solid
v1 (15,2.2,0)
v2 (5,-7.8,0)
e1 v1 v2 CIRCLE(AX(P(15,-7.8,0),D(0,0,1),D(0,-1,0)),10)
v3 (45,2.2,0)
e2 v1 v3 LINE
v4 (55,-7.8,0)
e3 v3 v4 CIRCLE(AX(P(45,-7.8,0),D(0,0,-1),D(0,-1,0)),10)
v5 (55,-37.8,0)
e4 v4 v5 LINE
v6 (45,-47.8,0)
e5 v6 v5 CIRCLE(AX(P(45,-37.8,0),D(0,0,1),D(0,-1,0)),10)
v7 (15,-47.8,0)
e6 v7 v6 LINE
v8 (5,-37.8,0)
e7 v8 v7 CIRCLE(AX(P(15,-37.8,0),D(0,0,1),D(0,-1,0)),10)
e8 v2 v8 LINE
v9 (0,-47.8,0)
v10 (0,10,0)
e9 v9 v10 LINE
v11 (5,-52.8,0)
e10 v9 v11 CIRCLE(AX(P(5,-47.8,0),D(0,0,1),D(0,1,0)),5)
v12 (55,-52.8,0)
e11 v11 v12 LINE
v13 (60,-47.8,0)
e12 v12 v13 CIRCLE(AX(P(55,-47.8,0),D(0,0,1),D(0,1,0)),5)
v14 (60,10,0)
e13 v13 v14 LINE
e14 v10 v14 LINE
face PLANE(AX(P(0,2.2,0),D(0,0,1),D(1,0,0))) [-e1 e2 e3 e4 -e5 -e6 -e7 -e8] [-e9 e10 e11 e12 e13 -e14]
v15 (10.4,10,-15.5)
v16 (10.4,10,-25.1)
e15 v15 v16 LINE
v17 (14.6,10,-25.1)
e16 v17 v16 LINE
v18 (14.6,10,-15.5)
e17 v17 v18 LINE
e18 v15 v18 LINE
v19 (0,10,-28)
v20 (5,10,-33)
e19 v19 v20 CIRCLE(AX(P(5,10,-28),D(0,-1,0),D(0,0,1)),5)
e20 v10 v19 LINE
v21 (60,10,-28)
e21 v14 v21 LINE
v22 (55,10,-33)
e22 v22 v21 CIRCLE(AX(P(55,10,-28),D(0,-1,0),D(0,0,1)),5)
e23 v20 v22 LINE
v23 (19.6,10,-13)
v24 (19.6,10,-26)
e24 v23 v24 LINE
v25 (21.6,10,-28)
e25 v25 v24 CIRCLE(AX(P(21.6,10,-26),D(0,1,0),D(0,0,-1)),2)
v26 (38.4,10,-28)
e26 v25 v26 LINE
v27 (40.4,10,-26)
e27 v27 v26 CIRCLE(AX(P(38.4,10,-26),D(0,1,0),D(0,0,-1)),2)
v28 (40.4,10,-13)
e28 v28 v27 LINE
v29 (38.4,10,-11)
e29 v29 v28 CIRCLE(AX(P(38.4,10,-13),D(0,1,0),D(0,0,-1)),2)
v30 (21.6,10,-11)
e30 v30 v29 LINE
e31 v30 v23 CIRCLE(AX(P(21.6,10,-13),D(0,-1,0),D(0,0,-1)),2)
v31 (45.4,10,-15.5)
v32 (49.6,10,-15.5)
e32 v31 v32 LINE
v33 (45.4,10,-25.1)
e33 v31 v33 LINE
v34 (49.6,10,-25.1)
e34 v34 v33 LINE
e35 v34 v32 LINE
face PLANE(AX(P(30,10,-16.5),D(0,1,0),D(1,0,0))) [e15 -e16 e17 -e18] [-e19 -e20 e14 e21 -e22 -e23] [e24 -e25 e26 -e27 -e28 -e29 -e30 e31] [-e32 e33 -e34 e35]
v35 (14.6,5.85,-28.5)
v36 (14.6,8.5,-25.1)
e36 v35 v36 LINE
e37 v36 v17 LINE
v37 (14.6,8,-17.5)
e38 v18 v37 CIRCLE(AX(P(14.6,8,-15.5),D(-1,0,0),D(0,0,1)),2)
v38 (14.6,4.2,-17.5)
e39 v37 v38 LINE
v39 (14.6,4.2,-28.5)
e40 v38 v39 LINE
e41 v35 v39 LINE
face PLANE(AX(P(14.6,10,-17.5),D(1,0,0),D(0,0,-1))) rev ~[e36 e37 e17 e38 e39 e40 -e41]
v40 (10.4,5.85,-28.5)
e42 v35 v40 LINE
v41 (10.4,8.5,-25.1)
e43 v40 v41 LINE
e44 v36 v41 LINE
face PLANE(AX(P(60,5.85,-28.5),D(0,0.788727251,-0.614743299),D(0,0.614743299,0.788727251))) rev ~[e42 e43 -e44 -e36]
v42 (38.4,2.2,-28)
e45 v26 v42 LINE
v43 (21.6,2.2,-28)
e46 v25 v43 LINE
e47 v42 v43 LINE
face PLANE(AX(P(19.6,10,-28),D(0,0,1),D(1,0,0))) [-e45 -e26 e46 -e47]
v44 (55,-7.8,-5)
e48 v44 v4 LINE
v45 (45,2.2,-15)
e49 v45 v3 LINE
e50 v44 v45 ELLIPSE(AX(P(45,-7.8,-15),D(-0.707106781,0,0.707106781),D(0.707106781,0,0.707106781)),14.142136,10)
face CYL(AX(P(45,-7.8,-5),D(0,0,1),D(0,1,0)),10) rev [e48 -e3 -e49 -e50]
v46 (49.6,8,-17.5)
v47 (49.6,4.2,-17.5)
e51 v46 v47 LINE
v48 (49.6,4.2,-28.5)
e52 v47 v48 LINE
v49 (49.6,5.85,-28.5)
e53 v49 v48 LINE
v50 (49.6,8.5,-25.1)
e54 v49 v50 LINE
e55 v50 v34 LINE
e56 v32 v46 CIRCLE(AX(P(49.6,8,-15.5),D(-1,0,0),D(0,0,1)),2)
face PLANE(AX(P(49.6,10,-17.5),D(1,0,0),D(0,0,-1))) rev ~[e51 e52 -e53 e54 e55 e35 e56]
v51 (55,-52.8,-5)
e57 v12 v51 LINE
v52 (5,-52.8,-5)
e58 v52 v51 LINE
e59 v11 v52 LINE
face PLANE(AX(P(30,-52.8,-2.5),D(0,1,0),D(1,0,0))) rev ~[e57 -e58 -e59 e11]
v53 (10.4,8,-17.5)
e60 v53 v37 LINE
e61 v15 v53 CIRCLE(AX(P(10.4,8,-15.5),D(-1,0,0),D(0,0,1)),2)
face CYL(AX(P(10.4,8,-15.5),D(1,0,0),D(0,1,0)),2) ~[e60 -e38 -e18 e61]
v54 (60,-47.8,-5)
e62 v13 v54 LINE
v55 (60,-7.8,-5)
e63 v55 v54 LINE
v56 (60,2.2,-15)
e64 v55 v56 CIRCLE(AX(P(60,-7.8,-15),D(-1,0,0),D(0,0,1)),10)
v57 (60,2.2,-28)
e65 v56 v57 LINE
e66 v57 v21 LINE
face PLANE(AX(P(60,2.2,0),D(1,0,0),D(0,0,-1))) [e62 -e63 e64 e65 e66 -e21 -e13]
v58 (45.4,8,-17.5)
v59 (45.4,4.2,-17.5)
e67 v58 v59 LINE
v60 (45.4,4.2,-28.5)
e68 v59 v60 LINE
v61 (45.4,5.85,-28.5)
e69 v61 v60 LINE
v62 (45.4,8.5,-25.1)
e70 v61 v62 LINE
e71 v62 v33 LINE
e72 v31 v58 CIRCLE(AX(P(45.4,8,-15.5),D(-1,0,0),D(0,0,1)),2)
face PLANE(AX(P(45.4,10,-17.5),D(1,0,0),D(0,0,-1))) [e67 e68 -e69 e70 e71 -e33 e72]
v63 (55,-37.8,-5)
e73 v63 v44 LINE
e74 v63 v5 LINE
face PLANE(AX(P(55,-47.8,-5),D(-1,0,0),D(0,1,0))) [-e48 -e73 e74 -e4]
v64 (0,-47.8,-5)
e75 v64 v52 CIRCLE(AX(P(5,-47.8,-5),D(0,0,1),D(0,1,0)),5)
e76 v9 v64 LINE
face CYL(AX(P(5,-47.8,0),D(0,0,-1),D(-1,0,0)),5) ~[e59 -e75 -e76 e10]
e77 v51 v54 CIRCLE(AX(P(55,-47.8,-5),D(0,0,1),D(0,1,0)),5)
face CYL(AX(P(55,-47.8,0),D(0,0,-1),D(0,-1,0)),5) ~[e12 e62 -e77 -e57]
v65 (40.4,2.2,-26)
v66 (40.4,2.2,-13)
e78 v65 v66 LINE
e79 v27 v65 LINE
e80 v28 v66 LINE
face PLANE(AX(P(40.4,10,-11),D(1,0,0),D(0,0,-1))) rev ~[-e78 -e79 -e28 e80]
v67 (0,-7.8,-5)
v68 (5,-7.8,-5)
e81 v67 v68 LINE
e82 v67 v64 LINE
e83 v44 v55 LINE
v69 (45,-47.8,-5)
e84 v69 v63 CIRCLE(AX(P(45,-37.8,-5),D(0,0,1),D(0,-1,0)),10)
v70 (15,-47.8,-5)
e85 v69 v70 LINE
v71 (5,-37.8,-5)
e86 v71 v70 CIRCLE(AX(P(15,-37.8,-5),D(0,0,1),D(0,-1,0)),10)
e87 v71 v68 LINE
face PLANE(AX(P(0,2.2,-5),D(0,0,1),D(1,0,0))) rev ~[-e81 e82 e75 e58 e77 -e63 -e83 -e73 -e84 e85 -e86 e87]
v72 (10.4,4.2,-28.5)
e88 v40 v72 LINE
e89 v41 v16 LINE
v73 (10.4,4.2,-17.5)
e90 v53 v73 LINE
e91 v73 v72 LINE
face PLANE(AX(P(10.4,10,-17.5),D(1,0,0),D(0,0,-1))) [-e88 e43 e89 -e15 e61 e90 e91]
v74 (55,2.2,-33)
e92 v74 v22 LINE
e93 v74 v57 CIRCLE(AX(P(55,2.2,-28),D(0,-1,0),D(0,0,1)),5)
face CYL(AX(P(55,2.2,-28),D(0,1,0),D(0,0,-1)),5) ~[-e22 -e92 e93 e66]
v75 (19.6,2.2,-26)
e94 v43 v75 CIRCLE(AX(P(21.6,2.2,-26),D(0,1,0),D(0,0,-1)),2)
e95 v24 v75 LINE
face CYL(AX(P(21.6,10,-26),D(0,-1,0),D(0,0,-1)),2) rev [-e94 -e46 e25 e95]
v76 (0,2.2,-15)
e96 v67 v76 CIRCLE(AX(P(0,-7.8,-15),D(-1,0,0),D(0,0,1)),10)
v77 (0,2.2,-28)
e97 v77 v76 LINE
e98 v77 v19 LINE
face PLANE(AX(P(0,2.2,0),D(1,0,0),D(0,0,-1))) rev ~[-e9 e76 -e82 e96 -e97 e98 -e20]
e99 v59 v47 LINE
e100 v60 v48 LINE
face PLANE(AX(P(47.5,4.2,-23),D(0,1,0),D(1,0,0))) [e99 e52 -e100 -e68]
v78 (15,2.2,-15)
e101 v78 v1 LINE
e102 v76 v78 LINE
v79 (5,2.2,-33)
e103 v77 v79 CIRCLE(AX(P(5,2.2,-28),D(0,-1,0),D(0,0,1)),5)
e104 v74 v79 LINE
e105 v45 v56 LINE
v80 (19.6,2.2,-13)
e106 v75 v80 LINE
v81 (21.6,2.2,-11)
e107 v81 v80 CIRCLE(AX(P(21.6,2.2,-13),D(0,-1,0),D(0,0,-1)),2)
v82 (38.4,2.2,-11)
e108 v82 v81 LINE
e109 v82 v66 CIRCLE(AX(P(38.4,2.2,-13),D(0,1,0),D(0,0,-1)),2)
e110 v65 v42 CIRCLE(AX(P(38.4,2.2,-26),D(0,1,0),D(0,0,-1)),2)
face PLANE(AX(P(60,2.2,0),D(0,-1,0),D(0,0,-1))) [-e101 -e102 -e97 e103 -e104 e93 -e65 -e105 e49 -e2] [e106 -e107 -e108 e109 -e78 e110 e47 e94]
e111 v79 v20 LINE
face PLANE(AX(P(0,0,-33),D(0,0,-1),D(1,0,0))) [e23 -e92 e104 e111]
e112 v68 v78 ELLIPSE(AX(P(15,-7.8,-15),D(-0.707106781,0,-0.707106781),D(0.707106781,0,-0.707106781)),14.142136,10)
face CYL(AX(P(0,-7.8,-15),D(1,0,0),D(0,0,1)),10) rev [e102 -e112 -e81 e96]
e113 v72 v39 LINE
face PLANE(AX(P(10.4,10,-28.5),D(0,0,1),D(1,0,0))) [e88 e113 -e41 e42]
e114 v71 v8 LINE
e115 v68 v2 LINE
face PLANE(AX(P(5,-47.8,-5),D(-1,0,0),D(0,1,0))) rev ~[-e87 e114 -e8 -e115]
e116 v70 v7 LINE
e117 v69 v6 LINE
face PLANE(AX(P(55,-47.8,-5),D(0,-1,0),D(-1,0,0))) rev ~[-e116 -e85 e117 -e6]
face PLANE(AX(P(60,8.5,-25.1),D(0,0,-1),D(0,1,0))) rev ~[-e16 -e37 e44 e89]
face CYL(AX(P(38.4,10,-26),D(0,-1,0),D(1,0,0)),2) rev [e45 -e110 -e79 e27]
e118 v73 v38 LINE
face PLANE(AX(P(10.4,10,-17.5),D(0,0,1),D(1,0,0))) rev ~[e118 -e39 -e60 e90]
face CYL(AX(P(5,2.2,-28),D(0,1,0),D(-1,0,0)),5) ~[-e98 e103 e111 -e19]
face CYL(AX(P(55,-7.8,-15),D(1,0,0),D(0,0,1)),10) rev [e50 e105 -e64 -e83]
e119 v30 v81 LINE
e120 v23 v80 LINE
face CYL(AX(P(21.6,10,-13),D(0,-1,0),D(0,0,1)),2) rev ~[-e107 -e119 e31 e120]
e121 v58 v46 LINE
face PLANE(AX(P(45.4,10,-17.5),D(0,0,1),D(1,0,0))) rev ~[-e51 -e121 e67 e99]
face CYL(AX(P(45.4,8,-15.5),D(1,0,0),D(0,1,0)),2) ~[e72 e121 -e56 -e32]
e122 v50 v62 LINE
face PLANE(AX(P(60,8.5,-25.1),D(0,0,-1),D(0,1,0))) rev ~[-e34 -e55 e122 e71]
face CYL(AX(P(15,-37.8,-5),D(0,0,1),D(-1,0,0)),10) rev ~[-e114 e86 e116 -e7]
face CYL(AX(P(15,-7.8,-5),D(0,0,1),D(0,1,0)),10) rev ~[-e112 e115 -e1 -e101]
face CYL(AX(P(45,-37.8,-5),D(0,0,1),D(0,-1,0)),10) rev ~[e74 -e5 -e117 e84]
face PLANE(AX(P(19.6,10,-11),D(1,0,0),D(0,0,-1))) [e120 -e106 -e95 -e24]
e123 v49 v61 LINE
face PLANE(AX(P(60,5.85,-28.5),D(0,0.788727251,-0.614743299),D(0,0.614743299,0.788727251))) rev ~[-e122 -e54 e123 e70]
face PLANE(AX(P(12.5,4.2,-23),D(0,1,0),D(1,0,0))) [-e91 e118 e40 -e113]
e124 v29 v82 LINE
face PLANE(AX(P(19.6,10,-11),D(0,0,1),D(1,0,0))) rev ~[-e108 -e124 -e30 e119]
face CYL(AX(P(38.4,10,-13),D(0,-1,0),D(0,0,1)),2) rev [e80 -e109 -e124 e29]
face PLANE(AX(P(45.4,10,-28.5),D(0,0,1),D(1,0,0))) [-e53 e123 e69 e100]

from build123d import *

# Parameters (mm, degrees)
SKETCH1_W               = 60
SKETCH1_H               = 33
BOSS_EXTRUDE1_DEPTH     = 10
SKETCH2_W               = 4.2
SKETCH2_H               = 11
CUT_EXTRUDE1_DEPTH      = 5.8
BOSS_EXTRUDE2_START     = -45.4
BOSS_EXTRUDE2_DEPTH     = 55.8
SKETCH4_W               = 33
SKETCH4_H               = 2.2
CUT_EXTRUDE2_DEPTH      = 1
CUT_EXTRUDE2_DEPTH_BACK = 61
FILLET1_R               = 2
SKETCH7_W               = 20.8
SKETCH7_H               = 17
CUT_EXTRUDE4_DEPTH      = 16
FILLET2_R               = 2
BOSS_EXTRUDE4_START     = -7.8
SKETCH5_W               = 60
SKETCH5_H               = 5
BOSS_EXTRUDE4_DEPTH     = 55
SKETCH8_W               = 50
SKETCH8_H               = 50
CUT_EXTRUDE5_DEPTH      = 52.15
FILLET3_R               = 10
FILLET4_R               = 5
FILLET6_R               = 5


with BuildPart() as part:
    # Sketch1 → Boss-Extrude1 (new body)
    with BuildSketch(Plane(origin=(0, 0, 0), x_dir=(1, 0, 0), z_dir=(0, 1, 0))):
        with Locations((30, 16.5)):
            Rectangle(SKETCH1_W, SKETCH1_H)
    extrude(amount=BOSS_EXTRUDE1_DEPTH)

    # Sketch2 → Cut-Extrude1 (cut)
    with BuildSketch(Plane(origin=(0, 10, 0), x_dir=(1, 0, 0), z_dir=(0, 1, 0))):
        with Locations((12.5, 23)):
            Rectangle(SKETCH2_W, SKETCH2_H)
        with Locations((47.5, 23)):
            Rectangle(SKETCH2_W, SKETCH2_H)
    extrude(amount=-CUT_EXTRUDE1_DEPTH, mode=Mode.SUBTRACT)

    # Sketch3 → Boss-Extrude2 (add)
    with BuildSketch(Plane.ZY.offset(-14.6).offset(BOSS_EXTRUDE2_START)):
        Polygon((-28.5, 5.85), (-25.1, 8.5), (-25.1, 10), (-28.5, 10), align=None)
    extrude(amount=BOSS_EXTRUDE2_DEPTH)

    # Sketch4 → Cut-Extrude2 (cut, two sides)
    with BuildSketch(Plane(origin=(60, 0, 0), x_dir=(0, 0, -1), z_dir=(1, 0, 0))) as cut_extrude2_sk:
        with Locations((16.5, 1.1)):
            Rectangle(SKETCH4_W, SKETCH4_H)
    extrude(amount=CUT_EXTRUDE2_DEPTH, mode=Mode.SUBTRACT)
    extrude(cut_extrude2_sk.sketch, amount=-CUT_EXTRUDE2_DEPTH_BACK, mode=Mode.SUBTRACT)

    # Fillet1
    fillet1_edges = [part.edges().sort_by_distance(p)[0] for p in [
        (12.5, 10, -17.5),
        (47.5, 10, -17.5),
    ]]
    fillet(fillet1_edges, radius=FILLET1_R)

    # Sketch7 → Cut-Extrude4 (cut)
    with BuildSketch(Plane(origin=(0, 10, 0), x_dir=(1, 0, 0), z_dir=(0, 1, 0))):
        with Locations((30, 19.5)):
            Rectangle(SKETCH7_W, SKETCH7_H)
    extrude(amount=-CUT_EXTRUDE4_DEPTH, mode=Mode.SUBTRACT)

    # Fillet2
    fillet2_edges = [part.edges().sort_by_distance(p)[0] for p in [
        (19.6, 6.1, -11),
        (19.6, 6.1, -28),
        (40.4, 6.1, -28),
        (40.4, 6.1, -11),
    ]]
    fillet(fillet2_edges, radius=FILLET2_R)

    # Sketch5 → Boss-Extrude4 (add)
    with BuildSketch(Plane(origin=(0, 10, 0), x_dir=(1, 0, 0), z_dir=(0, 1, 0)).offset(BOSS_EXTRUDE4_START)):
        with Locations((30, 2.5)):
            Rectangle(SKETCH5_W, SKETCH5_H)
    extrude(amount=-BOSS_EXTRUDE4_DEPTH)

    # Sketch8 → Cut-Extrude5 (cut)
    with BuildSketch(Plane(origin=(0, 0, -5), x_dir=(-1, 0, 0), z_dir=(0, 0, -1))):
        with Locations((-30, -22.8)):
            Rectangle(SKETCH8_W, SKETCH8_H)
    extrude(amount=-CUT_EXTRUDE5_DEPTH, mode=Mode.SUBTRACT)

    # Fillet3
    fillet3_edges = [part.edges().sort_by_distance(p)[0] for p in [
        (57.5, 2.2, -5),
        (2.5, 2.2, -5),
        (55, -47.8, -2.5),
        (55, 2.2, -2.5),
        (5, 2.2, -2.5),
        (5, -47.8, -2.5),
    ]]
    fillet(fillet3_edges, radius=FILLET3_R)

    # Fillet4
    fillet4_edges = [part.edges().sort_by_distance(p)[0] for p in [
        (60, -52.8, -2.5),
        (0, -52.8, -2.5),
    ]]
    fillet(fillet4_edges, radius=FILLET4_R)

    # Fillet6
    fillet6_edges = [part.edges().sort_by_distance(p)[0] for p in [
        (0, 6.1, -33),
        (60, 6.1, -33),
    ]]
    fillet(fillet6_edges, radius=FILLET6_R)


solid = part.part
